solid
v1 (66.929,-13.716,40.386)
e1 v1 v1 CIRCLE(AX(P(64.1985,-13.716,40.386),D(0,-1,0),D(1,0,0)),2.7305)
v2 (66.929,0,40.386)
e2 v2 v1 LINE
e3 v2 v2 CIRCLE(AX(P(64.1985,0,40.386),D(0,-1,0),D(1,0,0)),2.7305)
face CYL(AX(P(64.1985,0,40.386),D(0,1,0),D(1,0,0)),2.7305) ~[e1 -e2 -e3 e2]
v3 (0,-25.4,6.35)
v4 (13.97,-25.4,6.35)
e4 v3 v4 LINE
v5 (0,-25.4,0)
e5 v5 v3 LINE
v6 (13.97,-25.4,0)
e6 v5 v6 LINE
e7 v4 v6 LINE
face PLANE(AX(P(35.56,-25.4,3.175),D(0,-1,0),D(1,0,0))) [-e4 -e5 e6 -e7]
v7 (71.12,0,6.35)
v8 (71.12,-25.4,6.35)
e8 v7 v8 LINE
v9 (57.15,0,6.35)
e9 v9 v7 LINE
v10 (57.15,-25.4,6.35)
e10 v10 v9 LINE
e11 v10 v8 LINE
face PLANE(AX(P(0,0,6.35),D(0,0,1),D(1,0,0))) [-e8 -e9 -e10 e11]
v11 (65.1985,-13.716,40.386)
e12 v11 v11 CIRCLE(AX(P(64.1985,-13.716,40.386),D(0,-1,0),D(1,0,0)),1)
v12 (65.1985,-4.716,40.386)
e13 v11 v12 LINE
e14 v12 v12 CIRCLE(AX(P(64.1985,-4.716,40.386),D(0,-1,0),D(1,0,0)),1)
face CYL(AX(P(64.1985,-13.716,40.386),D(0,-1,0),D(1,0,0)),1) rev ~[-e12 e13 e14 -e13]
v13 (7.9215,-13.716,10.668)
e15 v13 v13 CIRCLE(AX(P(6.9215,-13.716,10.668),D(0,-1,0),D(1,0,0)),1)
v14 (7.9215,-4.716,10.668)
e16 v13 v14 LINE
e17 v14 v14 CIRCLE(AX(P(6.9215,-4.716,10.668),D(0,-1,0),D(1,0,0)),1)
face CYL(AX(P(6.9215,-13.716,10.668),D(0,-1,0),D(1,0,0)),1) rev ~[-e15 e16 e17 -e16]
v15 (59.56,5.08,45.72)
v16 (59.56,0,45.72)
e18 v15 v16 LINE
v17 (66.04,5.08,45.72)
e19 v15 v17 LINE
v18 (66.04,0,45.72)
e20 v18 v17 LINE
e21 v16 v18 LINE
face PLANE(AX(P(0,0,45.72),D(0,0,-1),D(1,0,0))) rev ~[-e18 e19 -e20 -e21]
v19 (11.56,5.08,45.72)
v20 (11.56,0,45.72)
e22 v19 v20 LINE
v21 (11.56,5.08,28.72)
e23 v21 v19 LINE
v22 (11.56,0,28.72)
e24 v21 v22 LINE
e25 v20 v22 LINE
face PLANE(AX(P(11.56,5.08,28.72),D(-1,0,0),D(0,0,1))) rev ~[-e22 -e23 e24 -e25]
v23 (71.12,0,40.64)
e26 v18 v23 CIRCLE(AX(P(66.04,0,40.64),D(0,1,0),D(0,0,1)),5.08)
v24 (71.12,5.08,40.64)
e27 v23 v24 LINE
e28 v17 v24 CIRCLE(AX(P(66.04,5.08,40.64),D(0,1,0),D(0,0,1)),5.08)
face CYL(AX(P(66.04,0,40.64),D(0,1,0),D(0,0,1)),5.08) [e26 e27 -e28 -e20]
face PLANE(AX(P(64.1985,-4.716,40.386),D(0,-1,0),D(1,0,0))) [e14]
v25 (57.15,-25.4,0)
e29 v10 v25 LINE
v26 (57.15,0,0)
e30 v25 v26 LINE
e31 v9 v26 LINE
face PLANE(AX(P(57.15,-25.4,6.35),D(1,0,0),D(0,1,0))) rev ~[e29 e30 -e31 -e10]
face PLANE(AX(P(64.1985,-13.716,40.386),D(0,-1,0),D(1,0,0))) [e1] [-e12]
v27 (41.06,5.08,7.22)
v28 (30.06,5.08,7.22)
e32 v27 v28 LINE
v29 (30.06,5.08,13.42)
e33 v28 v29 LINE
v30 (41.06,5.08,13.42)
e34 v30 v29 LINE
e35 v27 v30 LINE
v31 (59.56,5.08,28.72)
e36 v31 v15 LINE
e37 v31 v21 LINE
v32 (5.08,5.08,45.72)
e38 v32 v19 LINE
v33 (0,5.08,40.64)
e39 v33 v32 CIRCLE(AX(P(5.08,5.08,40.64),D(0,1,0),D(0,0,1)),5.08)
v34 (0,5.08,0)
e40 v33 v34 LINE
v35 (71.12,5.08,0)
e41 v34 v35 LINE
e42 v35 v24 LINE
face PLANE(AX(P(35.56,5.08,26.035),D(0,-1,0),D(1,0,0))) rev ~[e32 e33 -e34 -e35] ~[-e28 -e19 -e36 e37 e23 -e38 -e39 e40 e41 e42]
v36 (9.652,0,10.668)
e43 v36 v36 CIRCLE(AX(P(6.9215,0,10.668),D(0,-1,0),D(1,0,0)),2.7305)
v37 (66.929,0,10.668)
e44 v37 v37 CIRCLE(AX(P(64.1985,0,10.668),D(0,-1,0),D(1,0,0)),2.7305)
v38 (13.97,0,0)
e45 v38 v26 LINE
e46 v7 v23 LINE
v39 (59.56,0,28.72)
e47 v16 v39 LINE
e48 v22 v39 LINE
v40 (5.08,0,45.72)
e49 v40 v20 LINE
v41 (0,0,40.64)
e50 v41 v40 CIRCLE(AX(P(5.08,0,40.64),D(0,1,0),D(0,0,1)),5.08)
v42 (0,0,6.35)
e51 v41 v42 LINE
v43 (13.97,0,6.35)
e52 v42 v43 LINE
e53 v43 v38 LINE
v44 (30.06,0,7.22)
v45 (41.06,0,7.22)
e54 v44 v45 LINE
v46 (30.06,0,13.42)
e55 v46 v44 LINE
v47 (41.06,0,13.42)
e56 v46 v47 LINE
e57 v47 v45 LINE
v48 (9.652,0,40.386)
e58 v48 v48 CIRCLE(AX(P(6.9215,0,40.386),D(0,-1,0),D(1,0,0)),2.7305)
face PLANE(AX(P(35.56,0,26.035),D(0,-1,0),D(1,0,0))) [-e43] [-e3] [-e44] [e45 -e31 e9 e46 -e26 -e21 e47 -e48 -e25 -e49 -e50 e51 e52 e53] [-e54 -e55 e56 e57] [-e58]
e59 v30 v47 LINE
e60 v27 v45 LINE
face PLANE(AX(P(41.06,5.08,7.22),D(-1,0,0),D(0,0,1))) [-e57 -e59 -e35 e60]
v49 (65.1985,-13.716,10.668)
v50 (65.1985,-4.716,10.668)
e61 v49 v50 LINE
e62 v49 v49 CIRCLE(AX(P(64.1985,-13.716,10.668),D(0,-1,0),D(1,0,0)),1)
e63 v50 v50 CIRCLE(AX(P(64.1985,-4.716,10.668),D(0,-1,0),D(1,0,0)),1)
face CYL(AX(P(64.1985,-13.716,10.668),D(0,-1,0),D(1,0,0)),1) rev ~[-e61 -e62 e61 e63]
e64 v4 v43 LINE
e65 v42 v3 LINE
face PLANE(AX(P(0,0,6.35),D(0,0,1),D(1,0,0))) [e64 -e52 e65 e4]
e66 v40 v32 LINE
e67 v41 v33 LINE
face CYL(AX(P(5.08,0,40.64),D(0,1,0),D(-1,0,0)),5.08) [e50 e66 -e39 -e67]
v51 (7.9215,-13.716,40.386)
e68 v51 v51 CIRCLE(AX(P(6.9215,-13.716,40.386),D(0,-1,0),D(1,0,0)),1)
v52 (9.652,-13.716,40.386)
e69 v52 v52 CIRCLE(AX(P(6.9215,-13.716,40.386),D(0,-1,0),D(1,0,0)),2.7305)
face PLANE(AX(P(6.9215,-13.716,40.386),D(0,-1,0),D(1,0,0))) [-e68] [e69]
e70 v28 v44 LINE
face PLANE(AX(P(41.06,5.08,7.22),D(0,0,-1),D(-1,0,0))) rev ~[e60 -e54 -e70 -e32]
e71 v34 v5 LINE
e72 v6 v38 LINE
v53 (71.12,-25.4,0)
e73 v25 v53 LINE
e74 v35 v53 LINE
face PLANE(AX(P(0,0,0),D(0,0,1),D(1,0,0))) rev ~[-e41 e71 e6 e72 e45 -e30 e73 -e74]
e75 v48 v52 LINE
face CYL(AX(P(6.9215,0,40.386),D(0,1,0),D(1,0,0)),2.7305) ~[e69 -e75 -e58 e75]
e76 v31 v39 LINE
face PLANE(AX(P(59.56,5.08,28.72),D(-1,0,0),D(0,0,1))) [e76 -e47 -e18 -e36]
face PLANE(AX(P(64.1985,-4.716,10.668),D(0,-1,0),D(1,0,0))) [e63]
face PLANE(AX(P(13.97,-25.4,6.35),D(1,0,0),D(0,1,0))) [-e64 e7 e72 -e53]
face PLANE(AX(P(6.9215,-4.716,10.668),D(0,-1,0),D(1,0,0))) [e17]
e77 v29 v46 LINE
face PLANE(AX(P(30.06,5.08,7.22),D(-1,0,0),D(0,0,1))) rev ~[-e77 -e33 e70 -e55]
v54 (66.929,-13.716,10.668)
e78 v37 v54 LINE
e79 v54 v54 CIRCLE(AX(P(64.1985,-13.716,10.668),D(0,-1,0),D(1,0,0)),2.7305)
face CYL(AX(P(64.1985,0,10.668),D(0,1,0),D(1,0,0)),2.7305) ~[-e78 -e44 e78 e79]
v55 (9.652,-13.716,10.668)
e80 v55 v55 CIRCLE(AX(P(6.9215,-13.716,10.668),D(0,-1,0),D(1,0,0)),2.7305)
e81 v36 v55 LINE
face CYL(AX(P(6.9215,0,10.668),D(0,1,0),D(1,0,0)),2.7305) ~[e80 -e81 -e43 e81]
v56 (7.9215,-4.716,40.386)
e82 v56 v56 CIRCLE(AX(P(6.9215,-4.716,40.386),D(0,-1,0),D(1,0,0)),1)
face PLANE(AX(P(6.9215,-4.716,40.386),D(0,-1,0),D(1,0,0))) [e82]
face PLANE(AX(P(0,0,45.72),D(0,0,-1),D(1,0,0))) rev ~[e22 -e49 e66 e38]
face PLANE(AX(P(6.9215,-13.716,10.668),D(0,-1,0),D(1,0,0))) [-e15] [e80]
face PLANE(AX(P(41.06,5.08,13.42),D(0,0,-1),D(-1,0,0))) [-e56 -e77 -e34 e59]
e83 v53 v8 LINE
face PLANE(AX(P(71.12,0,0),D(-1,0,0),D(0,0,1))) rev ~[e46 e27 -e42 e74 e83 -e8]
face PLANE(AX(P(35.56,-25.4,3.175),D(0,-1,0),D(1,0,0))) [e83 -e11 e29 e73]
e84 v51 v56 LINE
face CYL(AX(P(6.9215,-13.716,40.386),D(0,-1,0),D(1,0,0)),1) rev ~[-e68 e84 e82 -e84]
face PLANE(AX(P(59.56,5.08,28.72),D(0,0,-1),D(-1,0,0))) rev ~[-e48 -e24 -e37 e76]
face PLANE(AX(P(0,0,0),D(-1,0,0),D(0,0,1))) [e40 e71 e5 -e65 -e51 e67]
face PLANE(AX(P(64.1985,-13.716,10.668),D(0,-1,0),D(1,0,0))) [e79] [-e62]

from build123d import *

# Parameters (mm, degrees)
F0_R      = 2.7305
F1_DEPTH  = 13.716
F0_W      = 71.12
F0_H      = 39.37
F0_H_2    = 6.35
F2_DEPTH  = 5.08
F3_DEPTH  = 25.4
F4_W      = 43.18
F4_H      = 25.4
F5_DEPTH  = 6.351
F6_R      = 1
F7_DEPTH  = 9
F8_R      = 5.08
F9_W      = 48
F9_H      = 17
F9_W_2    = 11
F9_H_2    = 6.2
F10_DEPTH = 25.4


with BuildPart() as f1:
    # F0 (on Front) → F1 (new body)
    with BuildSketch(Plane.XZ):
        with Locations((6.9215, 40.386)):
            Circle(F0_R)
    extrude(amount=F1_DEPTH)



with BuildPart() as f1b:
    # F0 (on Front) → F1, piece 2 (new body)
    with BuildSketch(Plane.XZ):
        with Locations((6.9215, 10.668)):
            Circle(F0_R)
    extrude(amount=F1_DEPTH)


with BuildPart() as f1c:
    # F0 (on Front) → F1, piece 3 (new body)
    with BuildSketch(Plane.XZ):
        with Locations((64.1985, 10.668)):
            Circle(F0_R)
    extrude(amount=F1_DEPTH)


with BuildPart() as f1d:
    # F0 (on Front) → F1, piece 4 (new body)
    with BuildSketch(Plane.XZ):
        with Locations((64.1985, 40.386)):
            Circle(F0_R)
    extrude(amount=F1_DEPTH)


with BuildPart() as f1_1:
    add(f1.part)

    add(f1b.part)  # F2 merges F1b

    add(f1c.part)  # F2 merges F1c

    add(f1d.part)  # F2 merges F1d
    # F0 (on Front) → F2 (join)
    with BuildSketch(Plane.XZ):
        with Locations((35.56, 26.035)):
            Rectangle(F0_W, F0_H)
        with Locations((6.9215, 10.668)):
            Circle(F0_R, mode=Mode.SUBTRACT)
        with Locations((64.1985, 10.668)):
            Circle(F0_R, mode=Mode.SUBTRACT)
        with Locations((6.9215, 40.386)):
            Circle(F0_R, mode=Mode.SUBTRACT)
        with Locations((64.1985, 40.386)):
            Circle(F0_R, mode=Mode.SUBTRACT)
        with Locations((35.56, 3.175)):
            Rectangle(F0_W, F0_H_2)
        with Locations((64.1985, 40.386)):
            Circle(F0_R)
        with Locations((6.9215, 40.386)):
            Circle(F0_R)
        with Locations((6.9215, 10.668)):
            Circle(F0_R)
        with Locations((64.1985, 10.668)):
            Circle(F0_R)
    extrude(amount=-F2_DEPTH)

    # F0 (on Front) → F3 (join)
    with BuildSketch(Plane.XZ):
        with Locations((35.56, 3.175)):
            Rectangle(F0_W, F0_H_2)
    extrude(amount=F3_DEPTH)

    # F4 (on face) → F5 (cut, through all)
    with BuildSketch(Plane.XY.offset(6.35)):
        with Locations((35.56, -12.7)):
            Rectangle(F4_W, F4_H)
    extrude(amount=-F5_DEPTH, mode=Mode.SUBTRACT)

    # F6 (on face) → F7 (cut)
    with BuildSketch(Plane.XZ.offset(13.716)):
        with Locations((6.9215, 10.668)):
            Circle(F6_R)
        with Locations((6.9215, 40.386)):
            Circle(F6_R)
        with Locations((64.1985, 40.386)):
            Circle(F6_R)
        with Locations((64.1985, 10.668)):
            Circle(F6_R)
    extrude(amount=-F7_DEPTH, mode=Mode.SUBTRACT)

    # F8
    f8_edges = [f1_1.edges().sort_by_distance(p)[0] for p in [
        (0, 2.54, 45.72),
        (71.12, 2.54, 45.72),
    ]]
    fillet(f8_edges, radius=F8_R)

    # F9 (on face) → F10 (cut)
    with BuildSketch(Plane(origin=(0, 5.08, 0), x_dir=(-1, 0, 0), z_dir=(0, 1, 0))):
        with Locations((-35.56, 37.22)):
            Rectangle(F9_W, F9_H)
        with Locations((-35.56, 10.32)):
            Rectangle(F9_W_2, F9_H_2)
    extrude(amount=-F10_DEPTH, mode=Mode.SUBTRACT)


solid = f1_1.part
